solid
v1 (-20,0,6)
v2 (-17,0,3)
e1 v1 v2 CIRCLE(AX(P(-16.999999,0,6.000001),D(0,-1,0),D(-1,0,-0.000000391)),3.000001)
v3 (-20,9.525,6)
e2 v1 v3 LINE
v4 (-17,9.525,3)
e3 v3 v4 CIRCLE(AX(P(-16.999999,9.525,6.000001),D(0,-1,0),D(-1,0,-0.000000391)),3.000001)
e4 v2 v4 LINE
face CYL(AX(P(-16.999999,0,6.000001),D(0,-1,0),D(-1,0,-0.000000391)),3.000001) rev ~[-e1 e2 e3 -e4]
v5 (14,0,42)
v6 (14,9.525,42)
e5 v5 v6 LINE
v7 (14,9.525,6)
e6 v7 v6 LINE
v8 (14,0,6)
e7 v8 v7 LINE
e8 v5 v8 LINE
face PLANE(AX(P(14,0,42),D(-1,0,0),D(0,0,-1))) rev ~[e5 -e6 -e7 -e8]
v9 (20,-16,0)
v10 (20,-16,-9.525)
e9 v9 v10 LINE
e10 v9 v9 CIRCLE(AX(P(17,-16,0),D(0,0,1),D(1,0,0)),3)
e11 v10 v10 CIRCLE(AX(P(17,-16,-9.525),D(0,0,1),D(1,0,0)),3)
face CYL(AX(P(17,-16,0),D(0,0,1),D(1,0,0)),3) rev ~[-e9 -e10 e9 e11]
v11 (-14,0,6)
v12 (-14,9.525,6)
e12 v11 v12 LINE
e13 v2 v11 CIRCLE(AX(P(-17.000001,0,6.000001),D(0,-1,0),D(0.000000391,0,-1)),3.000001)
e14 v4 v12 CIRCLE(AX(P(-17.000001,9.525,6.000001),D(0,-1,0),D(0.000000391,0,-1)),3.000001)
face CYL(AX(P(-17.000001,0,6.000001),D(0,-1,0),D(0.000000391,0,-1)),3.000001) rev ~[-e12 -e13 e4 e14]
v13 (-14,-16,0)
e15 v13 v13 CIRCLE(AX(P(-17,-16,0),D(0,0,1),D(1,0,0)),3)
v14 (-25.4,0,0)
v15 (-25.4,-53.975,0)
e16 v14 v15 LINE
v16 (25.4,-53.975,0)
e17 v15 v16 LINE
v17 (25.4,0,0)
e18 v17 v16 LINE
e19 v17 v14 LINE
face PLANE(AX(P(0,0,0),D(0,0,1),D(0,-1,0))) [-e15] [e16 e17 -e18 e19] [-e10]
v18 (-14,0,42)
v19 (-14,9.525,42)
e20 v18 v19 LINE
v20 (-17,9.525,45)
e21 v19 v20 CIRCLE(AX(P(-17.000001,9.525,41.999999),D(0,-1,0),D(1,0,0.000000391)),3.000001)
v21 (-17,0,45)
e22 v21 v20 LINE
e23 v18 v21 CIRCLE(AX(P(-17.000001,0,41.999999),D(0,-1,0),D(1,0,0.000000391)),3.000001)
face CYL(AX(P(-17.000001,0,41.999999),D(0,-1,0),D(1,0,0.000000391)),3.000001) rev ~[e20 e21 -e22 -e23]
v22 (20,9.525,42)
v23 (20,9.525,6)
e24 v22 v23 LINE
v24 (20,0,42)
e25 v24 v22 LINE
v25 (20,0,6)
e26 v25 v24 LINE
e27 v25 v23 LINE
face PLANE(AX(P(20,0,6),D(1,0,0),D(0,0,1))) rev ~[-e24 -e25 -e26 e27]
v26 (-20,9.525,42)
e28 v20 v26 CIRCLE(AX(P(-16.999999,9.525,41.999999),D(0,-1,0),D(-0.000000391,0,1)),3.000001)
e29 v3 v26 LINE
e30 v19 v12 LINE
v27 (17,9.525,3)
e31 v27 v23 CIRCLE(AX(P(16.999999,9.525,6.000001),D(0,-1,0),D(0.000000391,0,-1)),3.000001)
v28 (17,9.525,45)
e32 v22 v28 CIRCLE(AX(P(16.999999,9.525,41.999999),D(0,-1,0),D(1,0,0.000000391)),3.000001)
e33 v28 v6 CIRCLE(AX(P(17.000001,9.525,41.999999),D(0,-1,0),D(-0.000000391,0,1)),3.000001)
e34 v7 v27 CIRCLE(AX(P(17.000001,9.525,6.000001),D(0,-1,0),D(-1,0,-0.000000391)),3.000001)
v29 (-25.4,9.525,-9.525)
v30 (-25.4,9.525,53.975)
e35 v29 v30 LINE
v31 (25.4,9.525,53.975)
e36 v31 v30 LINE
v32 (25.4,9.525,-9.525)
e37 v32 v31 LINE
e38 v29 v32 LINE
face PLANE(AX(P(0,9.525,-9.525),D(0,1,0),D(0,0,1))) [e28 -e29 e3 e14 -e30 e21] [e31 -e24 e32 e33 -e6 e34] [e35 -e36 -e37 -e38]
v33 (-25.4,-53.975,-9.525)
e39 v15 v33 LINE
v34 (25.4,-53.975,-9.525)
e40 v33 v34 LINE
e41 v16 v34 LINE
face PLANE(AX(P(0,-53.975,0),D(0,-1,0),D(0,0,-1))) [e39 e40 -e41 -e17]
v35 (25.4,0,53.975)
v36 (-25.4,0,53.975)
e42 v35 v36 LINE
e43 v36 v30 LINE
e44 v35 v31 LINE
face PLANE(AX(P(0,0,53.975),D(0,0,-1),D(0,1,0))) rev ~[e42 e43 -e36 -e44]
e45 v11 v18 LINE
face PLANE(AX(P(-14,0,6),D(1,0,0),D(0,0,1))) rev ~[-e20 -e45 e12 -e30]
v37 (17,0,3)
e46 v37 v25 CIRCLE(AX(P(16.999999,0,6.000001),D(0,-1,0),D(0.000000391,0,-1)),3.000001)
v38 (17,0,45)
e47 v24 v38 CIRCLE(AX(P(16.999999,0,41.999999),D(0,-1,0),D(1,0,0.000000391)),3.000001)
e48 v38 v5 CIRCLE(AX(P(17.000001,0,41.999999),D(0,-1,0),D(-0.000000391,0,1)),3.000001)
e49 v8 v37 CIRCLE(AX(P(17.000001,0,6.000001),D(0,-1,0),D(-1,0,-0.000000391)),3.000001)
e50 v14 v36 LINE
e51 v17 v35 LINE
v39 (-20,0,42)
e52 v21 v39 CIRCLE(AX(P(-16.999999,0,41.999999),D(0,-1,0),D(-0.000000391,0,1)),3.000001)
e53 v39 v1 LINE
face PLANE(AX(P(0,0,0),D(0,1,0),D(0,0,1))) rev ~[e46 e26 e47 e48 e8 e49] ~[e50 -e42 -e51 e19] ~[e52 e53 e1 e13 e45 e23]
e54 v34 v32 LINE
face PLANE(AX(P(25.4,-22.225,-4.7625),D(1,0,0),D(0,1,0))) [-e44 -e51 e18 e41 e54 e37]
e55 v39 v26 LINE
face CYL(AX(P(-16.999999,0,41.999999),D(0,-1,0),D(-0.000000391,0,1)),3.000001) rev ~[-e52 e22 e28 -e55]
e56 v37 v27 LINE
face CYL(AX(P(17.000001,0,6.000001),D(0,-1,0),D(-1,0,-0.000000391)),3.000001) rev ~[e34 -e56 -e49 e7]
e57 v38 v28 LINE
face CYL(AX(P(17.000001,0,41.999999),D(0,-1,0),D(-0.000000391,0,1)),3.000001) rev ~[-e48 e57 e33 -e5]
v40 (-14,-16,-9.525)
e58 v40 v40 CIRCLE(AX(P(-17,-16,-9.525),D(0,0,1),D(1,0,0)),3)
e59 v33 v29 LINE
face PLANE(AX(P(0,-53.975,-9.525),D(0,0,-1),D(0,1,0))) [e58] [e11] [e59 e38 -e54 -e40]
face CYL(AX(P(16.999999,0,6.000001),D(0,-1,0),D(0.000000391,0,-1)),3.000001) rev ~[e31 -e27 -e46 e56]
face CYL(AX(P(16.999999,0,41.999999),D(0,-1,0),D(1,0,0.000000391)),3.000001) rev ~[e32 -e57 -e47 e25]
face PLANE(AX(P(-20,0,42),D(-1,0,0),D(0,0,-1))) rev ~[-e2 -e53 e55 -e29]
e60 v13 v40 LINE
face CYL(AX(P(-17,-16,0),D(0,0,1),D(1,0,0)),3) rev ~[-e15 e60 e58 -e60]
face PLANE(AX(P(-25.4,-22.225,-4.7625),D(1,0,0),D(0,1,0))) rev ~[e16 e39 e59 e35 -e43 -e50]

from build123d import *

# Parameters (mm, degrees)
F0_W     = 9.525
F0_H     = 53.975
F3_DEPTH = 25.4
F4_DEPTH = 9.526
F2_R     = 3
F5_DEPTH = 9.526


with BuildPart() as f3:
    # F0 (on Right) → F3 (new body, symmetric)
    with BuildSketch(Plane.YZ):
        Polygon((9.525, 0), (0, 0), (-53.975, 0), (-53.975, -9.525), (9.525, -9.525), align=None)
        with Locations((4.7625, 26.9875)):
            Rectangle(F0_W, F0_H)
    extrude(amount=F3_DEPTH, both=True)

    # F1 (on Front) → F4 (cut, through all)
    with BuildSketch(Plane.XZ):
        with BuildLine():
            ThreePointArc((-14, 6), (-14.87868, 8.12132), (-17, 9))
            Line((-17, 9), (-17, 3))
            ThreePointArc((-17, 3), (-14.87868, 3.87868), (-14, 6))
        make_face()
        with BuildLine():
            Line((-17, 3), (-17, 9))
            ThreePointArc((-17, 9), (-19.12132, 8.12132), (-20, 6))
            ThreePointArc((-20, 6), (-19.12132, 3.87868), (-17, 3))
        make_face()
        with BuildLine():
            Line((-17, 9), (-17, 39))
            ThreePointArc((-17, 39), (-19.12132, 39.87868), (-20, 42))
            Line((-20, 42), (-20, 6))
            ThreePointArc((-20, 6), (-19.12132, 8.12132), (-17, 9))
        make_face()
        with BuildLine():
            ThreePointArc((-14, 42), (-14.87868, 39.87868), (-17, 39))
            Line((-17, 39), (-17, 9))
            ThreePointArc((-17, 9), (-14.87868, 8.12132), (-14, 6))
            Line((-14, 6), (-14, 42))
        make_face()
        with BuildLine():
            ThreePointArc((-14, 42), (-14.87868, 44.12132), (-17, 45))
            Line((-17, 45), (-17, 39))
            ThreePointArc((-17, 39), (-14.87868, 39.87868), (-14, 42))
        make_face()
        with BuildLine():
            Line((-17, 39), (-17, 45))
            ThreePointArc((-17, 45), (-19.12132, 44.12132), (-20, 42))
            ThreePointArc((-20, 42), (-19.12132, 39.87868), (-17, 39))
        make_face()
        with BuildLine():
            ThreePointArc((20, 42), (19.12132, 44.12132), (17, 45))
            Line((17, 45), (17, 39))
            ThreePointArc((17, 39), (19.12132, 39.87868), (20, 42))
        make_face()
        with BuildLine():
            Line((17, 39), (17, 45))
            ThreePointArc((17, 45), (14.87868, 44.12132), (14, 42))
            ThreePointArc((14, 42), (14.87868, 39.87868), (17, 39))
        make_face()
        with BuildLine():
            Line((17, 9), (17, 39))
            ThreePointArc((17, 39), (14.87868, 39.87868), (14, 42))
            Line((14, 42), (14, 6))
            ThreePointArc((14, 6), (14.87868, 8.12132), (17, 9))
        make_face()
        with BuildLine():
            ThreePointArc((20, 42), (19.12132, 39.87868), (17, 39))
            Line((17, 39), (17, 9))
            ThreePointArc((17, 9), (19.12132, 8.12132), (20, 6))
            Line((20, 6), (20, 42))
        make_face()
        with BuildLine():
            ThreePointArc((20, 6), (19.12132, 8.12132), (17, 9))
            Line((17, 9), (17, 3))
            ThreePointArc((17, 3), (19.12132, 3.87868), (20, 6))
        make_face()
        with BuildLine():
            Line((17, 3), (17, 9))
            ThreePointArc((17, 9), (14.87868, 8.12132), (14, 6))
            ThreePointArc((14, 6), (14.87868, 3.87868), (17, 3))
        make_face()
    extrude(amount=-F4_DEPTH, mode=Mode.SUBTRACT)

    # F2 (on Top) → F5 (cut, through all)
    with BuildSketch(Plane.XY):
        with Locations((-17, -16)):
            Circle(F2_R)
        with Locations((17, -16)):
            Circle(F2_R)
    extrude(amount=-F5_DEPTH, mode=Mode.SUBTRACT)


solid = f3.part
